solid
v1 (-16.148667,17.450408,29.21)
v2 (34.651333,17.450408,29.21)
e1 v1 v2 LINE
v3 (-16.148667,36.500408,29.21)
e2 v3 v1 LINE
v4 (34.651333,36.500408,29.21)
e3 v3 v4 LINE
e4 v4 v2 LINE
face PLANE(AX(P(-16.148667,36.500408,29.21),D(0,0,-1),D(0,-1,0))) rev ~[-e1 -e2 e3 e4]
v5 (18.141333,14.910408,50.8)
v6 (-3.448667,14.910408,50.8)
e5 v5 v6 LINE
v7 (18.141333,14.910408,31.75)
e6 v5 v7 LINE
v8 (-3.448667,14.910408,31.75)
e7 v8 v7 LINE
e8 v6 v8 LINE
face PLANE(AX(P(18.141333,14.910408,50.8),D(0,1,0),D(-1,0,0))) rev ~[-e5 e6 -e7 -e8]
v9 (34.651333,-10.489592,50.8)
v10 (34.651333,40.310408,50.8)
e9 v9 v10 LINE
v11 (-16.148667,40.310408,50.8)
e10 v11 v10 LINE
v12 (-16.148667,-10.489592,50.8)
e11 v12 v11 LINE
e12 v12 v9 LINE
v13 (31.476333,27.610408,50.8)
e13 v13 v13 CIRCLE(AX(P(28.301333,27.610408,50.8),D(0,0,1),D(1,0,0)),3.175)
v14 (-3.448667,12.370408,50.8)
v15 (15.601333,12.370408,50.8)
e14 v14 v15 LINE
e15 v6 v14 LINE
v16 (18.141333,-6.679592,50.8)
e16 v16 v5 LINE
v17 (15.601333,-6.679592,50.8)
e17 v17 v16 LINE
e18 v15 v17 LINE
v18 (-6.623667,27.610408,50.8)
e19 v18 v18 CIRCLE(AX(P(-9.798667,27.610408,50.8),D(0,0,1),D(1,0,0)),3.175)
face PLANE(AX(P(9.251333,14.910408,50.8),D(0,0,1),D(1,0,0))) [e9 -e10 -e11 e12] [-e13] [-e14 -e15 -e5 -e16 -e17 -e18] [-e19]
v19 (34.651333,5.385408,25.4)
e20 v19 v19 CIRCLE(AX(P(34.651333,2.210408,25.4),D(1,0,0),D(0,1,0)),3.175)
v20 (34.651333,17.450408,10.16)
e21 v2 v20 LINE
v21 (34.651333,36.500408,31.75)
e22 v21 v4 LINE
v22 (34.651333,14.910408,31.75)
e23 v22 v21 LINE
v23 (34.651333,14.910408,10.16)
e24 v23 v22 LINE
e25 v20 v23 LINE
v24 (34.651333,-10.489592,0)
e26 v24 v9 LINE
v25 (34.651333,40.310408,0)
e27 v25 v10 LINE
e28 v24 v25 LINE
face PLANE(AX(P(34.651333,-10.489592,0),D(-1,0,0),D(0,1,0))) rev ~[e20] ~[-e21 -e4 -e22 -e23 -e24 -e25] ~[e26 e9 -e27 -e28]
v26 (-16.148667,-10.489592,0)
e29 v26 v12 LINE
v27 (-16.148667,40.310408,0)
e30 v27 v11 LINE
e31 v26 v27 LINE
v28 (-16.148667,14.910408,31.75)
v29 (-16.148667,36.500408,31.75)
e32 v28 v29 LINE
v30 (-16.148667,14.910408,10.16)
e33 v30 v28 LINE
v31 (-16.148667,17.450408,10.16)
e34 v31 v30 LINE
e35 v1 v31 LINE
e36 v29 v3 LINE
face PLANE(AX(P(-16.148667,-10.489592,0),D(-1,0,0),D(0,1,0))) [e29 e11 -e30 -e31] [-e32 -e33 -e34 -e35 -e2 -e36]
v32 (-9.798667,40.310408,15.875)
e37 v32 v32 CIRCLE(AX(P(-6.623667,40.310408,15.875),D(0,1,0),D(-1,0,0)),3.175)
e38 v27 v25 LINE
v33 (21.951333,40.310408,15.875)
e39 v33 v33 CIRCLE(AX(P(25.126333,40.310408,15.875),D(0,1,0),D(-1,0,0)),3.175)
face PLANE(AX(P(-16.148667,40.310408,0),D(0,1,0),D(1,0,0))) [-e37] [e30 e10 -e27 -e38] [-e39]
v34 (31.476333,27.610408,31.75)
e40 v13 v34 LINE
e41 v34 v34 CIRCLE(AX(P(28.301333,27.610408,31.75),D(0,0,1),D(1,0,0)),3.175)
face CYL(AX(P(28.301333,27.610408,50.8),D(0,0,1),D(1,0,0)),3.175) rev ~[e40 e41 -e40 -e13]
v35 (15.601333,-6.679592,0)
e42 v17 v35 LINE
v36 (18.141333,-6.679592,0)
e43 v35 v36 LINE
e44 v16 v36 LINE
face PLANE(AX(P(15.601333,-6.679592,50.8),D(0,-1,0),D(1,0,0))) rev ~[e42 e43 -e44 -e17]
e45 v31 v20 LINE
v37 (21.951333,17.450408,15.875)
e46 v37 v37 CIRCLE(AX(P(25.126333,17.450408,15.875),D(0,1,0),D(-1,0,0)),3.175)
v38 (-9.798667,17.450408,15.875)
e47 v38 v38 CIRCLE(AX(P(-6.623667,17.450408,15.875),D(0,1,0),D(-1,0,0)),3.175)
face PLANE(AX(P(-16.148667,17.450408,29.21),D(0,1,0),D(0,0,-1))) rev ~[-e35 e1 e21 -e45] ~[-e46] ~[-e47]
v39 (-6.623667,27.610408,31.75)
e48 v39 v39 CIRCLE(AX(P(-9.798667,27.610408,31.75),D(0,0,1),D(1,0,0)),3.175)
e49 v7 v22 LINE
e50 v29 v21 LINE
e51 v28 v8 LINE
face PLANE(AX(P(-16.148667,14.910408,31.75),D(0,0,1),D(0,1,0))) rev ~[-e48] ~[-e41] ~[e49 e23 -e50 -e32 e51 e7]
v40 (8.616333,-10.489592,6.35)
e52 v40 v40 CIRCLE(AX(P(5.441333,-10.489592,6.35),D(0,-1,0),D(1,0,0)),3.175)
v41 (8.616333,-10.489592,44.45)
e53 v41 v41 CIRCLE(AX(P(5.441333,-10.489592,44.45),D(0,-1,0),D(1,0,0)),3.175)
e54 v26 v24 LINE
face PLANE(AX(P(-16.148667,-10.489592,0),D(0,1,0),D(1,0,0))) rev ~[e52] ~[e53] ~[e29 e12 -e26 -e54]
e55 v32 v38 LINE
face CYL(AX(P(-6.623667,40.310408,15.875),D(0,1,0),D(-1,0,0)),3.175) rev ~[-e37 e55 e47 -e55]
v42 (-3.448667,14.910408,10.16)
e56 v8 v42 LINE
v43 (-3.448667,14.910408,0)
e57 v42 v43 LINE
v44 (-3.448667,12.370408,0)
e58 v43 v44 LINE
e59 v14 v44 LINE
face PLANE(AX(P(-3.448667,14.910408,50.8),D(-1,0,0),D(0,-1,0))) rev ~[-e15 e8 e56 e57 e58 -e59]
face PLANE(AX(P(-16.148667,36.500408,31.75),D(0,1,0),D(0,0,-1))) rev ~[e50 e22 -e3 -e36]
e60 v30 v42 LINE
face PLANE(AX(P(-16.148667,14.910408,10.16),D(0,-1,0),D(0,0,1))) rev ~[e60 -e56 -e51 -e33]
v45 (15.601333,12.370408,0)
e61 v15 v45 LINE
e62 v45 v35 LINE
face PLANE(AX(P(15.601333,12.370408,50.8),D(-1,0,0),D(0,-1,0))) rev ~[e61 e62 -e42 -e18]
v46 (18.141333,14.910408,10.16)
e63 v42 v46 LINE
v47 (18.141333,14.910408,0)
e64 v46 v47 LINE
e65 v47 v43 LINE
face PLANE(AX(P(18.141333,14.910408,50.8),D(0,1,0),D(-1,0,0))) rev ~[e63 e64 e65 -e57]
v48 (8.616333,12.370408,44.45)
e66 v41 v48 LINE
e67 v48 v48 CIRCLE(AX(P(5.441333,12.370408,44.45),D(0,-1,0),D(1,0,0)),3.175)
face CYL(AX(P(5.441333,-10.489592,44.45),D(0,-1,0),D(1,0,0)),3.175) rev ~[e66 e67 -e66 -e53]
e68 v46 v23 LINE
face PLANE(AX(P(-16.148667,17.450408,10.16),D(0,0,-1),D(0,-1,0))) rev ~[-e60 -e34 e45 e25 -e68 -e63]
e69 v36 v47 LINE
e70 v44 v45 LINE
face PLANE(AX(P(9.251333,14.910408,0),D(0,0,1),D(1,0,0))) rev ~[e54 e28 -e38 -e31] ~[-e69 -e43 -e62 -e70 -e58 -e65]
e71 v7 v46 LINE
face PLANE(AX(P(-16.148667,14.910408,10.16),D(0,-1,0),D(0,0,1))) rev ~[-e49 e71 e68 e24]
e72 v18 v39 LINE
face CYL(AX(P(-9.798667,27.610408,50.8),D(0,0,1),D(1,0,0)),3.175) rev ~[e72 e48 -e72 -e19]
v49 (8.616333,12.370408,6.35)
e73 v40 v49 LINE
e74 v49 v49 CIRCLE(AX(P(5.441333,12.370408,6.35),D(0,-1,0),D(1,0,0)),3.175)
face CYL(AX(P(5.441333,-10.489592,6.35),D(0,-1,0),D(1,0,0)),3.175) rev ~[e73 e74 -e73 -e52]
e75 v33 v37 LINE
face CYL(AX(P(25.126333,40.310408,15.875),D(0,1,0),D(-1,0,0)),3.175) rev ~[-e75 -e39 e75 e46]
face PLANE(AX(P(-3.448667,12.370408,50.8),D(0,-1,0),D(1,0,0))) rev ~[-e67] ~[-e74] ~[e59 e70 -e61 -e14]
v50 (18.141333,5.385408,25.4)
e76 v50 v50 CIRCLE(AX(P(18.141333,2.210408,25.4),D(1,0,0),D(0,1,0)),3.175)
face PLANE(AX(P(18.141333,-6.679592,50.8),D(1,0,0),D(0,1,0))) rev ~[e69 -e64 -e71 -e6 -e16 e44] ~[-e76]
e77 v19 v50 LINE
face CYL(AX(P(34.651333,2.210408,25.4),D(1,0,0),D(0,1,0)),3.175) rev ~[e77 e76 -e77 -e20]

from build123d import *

# Parameters (mm, degrees)
F0_W      = 50.8
F0_H      = 50.8
F1_DEPTH  = 50.8
F3_DEPTH  = 50.8
F5_DEPTH  = 50.8
F6_R      = 3.175
F7_DEPTH  = 22.86
F8_R      = 3.175
F9_DEPTH  = 16.51
F10_R     = 3.175
F11_DEPTH = 19.05
F12_R     = 3.175
F13_DEPTH = 22.86


with BuildPart() as f1:
    # F0 (on Top) → F1 (new body)
    with BuildSketch(Plane.XY):
        with Locations((9.251333, 14.910408)):
            Rectangle(F0_W, F0_H)
    extrude(amount=F1_DEPTH)

    # F2 (on face) → F3 (cut, through all)
    with BuildSketch(Plane.XY.offset(50.8)):
        Polygon((-3.448667, 14.910408), (-3.448667, 12.370408), (15.601333, 12.370408), (15.601333, -6.679592), (18.141333, -6.679592), (18.141333, 14.910408), align=None)
    extrude(amount=-F3_DEPTH, mode=Mode.SUBTRACT)

    # F4 (on face) → F5 (cut, through all)
    with BuildSketch(Plane(origin=(-16.148667, 0, 0), x_dir=(0, -1, 0), z_dir=(-1, 0, 0))):
        Polygon((-14.910408, 10.16), (-14.910408, 31.75), (-36.500408, 31.75), (-36.500408, 29.21), (-17.450408, 29.21), (-17.450408, 10.16), align=None)
    extrude(amount=-F5_DEPTH, mode=Mode.SUBTRACT)

    # F6 (on face) → F7 (cut, through all)
    with BuildSketch(Plane.XZ.offset(10.489592)):
        with Locations((5.441333, 44.45)):
            Circle(F6_R)
        with Locations((5.441333, 6.35)):
            Circle(F6_R)
    extrude(amount=-F7_DEPTH, mode=Mode.SUBTRACT)

    # F8 (on face) → F9 (cut, through all)
    with BuildSketch(Plane.YZ.offset(34.651333)):
        with Locations((2.210408, 25.4)):
            Circle(F8_R)
    extrude(amount=-F9_DEPTH, mode=Mode.SUBTRACT)

    # F10 (on face) → F11 (cut, through all)
    with BuildSketch(Plane.XY.offset(50.8)):
        with Locations((28.301333, 27.610408)):
            Circle(F10_R)
        with Locations((-9.798667, 27.610408)):
            Circle(F10_R)
    extrude(amount=-F11_DEPTH, mode=Mode.SUBTRACT)

    # F12 (on face) → F13 (cut, through all)
    with BuildSketch(Plane(origin=(0, 40.310408, 0), x_dir=(-1, 0, 0), z_dir=(0, 1, 0))):
        with Locations((-25.126333, 15.875)):
            Circle(F12_R)
        with Locations((6.623667, 15.875)):
            Circle(F12_R)
    extrude(amount=-F13_DEPTH, mode=Mode.SUBTRACT)


solid = f1.part
